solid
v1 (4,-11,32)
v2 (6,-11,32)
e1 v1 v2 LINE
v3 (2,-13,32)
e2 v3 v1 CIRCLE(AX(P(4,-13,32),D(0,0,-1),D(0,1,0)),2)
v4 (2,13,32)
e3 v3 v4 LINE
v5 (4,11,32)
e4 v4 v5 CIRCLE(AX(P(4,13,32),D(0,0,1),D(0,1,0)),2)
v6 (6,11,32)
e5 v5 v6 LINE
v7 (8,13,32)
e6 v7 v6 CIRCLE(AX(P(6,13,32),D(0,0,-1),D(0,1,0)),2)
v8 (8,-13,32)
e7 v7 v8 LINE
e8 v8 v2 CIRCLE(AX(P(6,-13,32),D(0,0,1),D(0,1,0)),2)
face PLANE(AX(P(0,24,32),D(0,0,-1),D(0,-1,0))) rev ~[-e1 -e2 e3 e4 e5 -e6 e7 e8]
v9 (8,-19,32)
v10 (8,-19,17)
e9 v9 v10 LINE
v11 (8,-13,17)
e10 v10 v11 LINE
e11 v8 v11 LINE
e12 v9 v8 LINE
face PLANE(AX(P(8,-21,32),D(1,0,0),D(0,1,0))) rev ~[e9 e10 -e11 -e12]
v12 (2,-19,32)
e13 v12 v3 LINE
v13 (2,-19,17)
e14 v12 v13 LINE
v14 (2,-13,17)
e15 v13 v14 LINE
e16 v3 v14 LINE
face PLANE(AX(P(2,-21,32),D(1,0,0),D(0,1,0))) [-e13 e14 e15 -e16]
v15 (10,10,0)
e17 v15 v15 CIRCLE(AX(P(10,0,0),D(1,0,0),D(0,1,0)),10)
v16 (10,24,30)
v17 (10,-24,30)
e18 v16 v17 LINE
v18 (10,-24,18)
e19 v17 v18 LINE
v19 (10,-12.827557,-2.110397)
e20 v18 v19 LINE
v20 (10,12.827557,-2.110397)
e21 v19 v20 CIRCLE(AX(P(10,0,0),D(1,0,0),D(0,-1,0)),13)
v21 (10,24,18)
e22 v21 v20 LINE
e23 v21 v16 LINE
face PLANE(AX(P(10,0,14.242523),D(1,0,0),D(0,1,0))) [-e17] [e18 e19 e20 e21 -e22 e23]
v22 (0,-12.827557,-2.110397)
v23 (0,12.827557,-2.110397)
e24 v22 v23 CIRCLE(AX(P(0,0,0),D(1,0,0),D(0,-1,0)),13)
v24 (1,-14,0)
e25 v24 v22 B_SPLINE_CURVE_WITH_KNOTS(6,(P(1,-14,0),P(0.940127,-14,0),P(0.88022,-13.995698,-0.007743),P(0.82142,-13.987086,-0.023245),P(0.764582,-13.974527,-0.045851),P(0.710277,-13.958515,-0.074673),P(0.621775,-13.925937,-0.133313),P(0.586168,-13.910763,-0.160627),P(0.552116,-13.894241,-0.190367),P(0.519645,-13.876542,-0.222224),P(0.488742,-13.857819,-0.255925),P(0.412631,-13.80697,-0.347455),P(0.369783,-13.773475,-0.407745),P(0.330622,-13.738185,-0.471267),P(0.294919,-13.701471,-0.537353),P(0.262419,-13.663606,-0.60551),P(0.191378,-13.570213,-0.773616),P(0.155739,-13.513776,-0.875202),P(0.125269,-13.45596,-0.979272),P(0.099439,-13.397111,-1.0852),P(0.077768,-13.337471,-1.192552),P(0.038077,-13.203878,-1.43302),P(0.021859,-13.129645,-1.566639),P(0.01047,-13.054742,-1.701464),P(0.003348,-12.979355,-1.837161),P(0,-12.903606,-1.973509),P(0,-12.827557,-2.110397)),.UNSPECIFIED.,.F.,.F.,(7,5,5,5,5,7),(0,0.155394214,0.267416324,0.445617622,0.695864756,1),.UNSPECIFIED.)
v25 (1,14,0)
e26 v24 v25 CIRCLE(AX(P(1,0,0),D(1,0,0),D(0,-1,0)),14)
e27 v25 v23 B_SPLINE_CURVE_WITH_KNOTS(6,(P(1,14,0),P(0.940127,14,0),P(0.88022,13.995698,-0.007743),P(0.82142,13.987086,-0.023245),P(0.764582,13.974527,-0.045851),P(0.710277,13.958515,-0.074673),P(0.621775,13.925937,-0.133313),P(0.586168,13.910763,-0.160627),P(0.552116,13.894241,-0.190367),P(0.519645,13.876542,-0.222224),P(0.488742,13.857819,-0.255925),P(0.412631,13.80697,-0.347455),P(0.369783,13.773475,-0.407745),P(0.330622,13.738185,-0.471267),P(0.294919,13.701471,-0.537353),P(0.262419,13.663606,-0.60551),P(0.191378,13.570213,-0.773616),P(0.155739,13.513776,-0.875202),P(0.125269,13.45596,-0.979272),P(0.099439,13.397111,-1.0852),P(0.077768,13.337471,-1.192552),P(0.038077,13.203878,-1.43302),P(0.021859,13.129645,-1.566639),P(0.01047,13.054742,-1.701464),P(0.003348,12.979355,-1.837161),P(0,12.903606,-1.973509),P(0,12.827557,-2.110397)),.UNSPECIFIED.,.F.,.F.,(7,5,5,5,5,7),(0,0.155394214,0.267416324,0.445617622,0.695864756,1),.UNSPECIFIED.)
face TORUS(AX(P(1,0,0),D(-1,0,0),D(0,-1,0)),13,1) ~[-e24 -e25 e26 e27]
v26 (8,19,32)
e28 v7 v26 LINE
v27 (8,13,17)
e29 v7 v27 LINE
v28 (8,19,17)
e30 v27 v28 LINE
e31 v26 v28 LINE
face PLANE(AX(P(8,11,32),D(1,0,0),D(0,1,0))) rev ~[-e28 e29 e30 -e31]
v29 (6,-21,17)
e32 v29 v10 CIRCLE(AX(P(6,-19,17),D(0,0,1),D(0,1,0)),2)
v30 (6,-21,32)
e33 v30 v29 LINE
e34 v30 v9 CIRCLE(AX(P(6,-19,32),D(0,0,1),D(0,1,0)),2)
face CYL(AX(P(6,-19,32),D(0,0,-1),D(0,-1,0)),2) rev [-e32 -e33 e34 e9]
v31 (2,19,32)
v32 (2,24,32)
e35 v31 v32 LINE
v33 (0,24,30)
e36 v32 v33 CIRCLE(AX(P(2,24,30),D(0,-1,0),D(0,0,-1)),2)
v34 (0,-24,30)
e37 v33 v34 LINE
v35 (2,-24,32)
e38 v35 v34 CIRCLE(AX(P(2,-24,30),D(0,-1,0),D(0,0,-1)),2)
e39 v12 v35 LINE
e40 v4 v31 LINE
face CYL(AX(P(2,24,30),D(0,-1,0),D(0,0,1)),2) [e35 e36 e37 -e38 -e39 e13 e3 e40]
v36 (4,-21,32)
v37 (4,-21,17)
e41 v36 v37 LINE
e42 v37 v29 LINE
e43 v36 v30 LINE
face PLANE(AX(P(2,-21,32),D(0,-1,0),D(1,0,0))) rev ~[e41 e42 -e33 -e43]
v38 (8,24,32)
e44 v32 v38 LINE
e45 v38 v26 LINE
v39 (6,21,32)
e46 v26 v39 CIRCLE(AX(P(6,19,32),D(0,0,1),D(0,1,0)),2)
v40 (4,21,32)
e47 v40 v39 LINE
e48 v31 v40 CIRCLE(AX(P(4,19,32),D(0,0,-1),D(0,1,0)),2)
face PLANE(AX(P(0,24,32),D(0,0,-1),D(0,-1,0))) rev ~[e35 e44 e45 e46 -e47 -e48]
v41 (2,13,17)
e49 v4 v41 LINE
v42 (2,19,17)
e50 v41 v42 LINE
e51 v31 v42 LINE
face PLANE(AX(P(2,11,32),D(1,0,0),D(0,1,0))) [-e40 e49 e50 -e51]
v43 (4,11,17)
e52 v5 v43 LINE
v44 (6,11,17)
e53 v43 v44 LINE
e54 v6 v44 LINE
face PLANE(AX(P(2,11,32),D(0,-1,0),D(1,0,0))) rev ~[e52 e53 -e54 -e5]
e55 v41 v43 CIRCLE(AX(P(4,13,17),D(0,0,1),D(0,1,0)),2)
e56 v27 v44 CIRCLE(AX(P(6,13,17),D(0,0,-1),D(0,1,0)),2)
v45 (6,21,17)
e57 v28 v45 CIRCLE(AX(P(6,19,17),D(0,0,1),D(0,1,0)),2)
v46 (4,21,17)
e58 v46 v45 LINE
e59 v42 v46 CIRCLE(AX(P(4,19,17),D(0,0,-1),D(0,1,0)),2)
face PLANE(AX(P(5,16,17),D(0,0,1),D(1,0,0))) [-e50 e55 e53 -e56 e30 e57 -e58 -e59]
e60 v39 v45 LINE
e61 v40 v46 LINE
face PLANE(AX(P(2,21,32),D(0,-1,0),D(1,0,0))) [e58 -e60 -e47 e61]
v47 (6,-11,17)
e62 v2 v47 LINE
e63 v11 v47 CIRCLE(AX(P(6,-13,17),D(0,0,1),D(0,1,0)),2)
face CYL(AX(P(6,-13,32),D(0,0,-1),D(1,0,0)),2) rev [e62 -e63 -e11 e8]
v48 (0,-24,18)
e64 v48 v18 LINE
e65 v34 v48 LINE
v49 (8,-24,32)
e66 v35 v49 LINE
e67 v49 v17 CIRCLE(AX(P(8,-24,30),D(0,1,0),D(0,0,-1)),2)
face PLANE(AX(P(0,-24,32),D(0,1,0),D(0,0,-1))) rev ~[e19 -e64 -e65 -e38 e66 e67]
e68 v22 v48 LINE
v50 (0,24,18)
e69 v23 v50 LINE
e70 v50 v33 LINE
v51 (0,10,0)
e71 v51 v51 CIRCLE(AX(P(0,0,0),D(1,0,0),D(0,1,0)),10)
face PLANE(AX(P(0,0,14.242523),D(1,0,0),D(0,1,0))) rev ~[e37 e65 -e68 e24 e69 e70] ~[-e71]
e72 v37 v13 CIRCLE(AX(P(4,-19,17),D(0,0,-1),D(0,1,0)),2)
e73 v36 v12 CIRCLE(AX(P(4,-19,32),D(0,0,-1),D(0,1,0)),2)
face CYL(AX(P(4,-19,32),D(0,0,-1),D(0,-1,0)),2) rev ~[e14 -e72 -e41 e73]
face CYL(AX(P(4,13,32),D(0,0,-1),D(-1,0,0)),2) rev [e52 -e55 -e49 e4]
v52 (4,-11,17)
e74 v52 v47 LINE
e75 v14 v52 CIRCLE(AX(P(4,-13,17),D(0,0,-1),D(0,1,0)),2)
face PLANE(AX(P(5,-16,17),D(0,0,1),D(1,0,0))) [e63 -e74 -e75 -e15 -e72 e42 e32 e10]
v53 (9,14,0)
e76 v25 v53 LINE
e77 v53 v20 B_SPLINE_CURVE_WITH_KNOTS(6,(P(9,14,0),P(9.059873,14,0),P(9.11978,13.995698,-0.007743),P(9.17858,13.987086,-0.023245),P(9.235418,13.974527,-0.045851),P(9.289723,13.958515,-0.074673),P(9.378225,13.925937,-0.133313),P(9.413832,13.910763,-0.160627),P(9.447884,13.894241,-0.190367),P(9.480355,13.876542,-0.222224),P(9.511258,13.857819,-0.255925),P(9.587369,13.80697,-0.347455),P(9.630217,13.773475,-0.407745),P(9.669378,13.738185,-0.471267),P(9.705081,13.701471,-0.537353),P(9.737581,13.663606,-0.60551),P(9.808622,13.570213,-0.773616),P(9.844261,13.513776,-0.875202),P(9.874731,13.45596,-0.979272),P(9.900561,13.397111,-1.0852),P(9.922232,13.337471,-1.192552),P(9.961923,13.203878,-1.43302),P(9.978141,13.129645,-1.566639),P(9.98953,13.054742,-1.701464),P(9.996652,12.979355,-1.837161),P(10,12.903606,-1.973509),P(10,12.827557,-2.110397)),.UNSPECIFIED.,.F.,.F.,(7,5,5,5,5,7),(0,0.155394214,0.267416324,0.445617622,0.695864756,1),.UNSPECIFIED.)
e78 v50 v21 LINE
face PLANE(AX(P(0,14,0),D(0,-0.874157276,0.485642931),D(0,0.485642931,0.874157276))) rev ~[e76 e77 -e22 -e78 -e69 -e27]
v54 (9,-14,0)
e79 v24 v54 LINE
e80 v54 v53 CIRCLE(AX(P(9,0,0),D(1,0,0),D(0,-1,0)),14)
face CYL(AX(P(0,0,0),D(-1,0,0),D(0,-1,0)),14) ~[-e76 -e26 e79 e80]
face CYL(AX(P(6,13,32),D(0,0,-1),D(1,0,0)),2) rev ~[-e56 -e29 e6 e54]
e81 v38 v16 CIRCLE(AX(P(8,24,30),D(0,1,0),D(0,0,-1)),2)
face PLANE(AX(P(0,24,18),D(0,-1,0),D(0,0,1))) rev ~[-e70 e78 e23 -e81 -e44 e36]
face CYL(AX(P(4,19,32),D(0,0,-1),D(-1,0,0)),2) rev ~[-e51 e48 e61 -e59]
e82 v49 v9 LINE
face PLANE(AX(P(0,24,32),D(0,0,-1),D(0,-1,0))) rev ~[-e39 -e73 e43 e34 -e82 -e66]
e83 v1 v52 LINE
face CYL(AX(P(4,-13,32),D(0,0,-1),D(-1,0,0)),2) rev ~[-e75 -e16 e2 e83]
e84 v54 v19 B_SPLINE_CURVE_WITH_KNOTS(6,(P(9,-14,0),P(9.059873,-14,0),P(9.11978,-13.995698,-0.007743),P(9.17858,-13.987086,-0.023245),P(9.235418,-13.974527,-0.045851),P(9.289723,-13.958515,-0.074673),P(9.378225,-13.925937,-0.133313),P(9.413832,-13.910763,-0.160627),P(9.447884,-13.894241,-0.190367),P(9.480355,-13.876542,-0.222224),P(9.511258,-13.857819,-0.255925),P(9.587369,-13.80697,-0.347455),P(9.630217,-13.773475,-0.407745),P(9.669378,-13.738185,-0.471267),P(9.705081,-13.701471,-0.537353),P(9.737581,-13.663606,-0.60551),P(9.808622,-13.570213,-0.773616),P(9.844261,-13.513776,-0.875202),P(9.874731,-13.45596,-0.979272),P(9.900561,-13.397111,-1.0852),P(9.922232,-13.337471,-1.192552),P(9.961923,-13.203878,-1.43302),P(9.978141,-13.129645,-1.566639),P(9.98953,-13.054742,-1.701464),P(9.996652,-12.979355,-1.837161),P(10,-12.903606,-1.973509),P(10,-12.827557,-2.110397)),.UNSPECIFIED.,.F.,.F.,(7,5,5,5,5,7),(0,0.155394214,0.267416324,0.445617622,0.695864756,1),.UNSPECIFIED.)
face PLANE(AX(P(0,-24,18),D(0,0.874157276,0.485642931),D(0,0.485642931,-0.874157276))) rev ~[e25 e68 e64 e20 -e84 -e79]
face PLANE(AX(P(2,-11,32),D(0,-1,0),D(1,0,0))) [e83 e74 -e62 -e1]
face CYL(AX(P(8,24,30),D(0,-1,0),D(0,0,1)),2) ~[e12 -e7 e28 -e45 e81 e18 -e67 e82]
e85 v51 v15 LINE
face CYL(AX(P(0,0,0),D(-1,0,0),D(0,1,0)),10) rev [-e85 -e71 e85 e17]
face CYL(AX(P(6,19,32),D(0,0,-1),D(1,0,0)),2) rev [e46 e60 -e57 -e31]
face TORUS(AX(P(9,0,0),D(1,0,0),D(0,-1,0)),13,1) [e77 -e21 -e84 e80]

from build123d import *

# Parameters (mm, degrees)
F0_R     = 10
F1_DEPTH = 10
F2_R     = 1
F3_R     = 2
F4_W     = 6
F4_H     = 10
F5_DEPTH = 15
F6_R     = 2


with BuildPart() as f1:
    # F0 (on Right) → F1 (new body)
    with BuildSketch(Plane.YZ):
        with BuildLine():
            Line((24, 32), (-24, 32))
            Line((-24, 32), (-24, 18))
            Line((-24, 18), (-14, 0))
            ThreePointArc((-14, 0), (0, -14), (14, 0))
            Line((14, 0), (24, 18))
            Line((24, 18), (24, 32))
        make_face()
        Circle(F0_R, mode=Mode.SUBTRACT)
    extrude(amount=F1_DEPTH)

    # F2
    f2_edges = [f1.edges().sort_by_distance(p)[0] for p in [
        (0, 0, -14),
        (10, 0, -14),
    ]]
    fillet(f2_edges, radius=F2_R)

    # F3
    f3_edges = [f1.edges().sort_by_distance(p)[0] for p in [
        (0, 0, 32),
        (10, 0, 32),
    ]]
    fillet(f3_edges, radius=F3_R)

    # F4 (on face) → F5 (cut)
    with BuildSketch(Plane.XY.offset(32)):
        with Locations((5, 16)):
            Rectangle(F4_W, F4_H)
        with Locations((5, -16)):
            Rectangle(F4_W, F4_H)
    extrude(amount=-F5_DEPTH, mode=Mode.SUBTRACT)

    # F6
    f6_edges = [f1.edges().sort_by_distance(p)[0] for p in [
        (2, 21, 24.5),
        (8, 21, 24.5),
        (8, 11, 24.5),
        (2, 11, 24.5),
        (2, -21, 24.5),
        (8, -21, 24.5),
        (8, -11, 24.5),
        (2, -11, 24.5),
    ]]
    fillet(f6_edges, radius=F6_R)


solid = f1.part
